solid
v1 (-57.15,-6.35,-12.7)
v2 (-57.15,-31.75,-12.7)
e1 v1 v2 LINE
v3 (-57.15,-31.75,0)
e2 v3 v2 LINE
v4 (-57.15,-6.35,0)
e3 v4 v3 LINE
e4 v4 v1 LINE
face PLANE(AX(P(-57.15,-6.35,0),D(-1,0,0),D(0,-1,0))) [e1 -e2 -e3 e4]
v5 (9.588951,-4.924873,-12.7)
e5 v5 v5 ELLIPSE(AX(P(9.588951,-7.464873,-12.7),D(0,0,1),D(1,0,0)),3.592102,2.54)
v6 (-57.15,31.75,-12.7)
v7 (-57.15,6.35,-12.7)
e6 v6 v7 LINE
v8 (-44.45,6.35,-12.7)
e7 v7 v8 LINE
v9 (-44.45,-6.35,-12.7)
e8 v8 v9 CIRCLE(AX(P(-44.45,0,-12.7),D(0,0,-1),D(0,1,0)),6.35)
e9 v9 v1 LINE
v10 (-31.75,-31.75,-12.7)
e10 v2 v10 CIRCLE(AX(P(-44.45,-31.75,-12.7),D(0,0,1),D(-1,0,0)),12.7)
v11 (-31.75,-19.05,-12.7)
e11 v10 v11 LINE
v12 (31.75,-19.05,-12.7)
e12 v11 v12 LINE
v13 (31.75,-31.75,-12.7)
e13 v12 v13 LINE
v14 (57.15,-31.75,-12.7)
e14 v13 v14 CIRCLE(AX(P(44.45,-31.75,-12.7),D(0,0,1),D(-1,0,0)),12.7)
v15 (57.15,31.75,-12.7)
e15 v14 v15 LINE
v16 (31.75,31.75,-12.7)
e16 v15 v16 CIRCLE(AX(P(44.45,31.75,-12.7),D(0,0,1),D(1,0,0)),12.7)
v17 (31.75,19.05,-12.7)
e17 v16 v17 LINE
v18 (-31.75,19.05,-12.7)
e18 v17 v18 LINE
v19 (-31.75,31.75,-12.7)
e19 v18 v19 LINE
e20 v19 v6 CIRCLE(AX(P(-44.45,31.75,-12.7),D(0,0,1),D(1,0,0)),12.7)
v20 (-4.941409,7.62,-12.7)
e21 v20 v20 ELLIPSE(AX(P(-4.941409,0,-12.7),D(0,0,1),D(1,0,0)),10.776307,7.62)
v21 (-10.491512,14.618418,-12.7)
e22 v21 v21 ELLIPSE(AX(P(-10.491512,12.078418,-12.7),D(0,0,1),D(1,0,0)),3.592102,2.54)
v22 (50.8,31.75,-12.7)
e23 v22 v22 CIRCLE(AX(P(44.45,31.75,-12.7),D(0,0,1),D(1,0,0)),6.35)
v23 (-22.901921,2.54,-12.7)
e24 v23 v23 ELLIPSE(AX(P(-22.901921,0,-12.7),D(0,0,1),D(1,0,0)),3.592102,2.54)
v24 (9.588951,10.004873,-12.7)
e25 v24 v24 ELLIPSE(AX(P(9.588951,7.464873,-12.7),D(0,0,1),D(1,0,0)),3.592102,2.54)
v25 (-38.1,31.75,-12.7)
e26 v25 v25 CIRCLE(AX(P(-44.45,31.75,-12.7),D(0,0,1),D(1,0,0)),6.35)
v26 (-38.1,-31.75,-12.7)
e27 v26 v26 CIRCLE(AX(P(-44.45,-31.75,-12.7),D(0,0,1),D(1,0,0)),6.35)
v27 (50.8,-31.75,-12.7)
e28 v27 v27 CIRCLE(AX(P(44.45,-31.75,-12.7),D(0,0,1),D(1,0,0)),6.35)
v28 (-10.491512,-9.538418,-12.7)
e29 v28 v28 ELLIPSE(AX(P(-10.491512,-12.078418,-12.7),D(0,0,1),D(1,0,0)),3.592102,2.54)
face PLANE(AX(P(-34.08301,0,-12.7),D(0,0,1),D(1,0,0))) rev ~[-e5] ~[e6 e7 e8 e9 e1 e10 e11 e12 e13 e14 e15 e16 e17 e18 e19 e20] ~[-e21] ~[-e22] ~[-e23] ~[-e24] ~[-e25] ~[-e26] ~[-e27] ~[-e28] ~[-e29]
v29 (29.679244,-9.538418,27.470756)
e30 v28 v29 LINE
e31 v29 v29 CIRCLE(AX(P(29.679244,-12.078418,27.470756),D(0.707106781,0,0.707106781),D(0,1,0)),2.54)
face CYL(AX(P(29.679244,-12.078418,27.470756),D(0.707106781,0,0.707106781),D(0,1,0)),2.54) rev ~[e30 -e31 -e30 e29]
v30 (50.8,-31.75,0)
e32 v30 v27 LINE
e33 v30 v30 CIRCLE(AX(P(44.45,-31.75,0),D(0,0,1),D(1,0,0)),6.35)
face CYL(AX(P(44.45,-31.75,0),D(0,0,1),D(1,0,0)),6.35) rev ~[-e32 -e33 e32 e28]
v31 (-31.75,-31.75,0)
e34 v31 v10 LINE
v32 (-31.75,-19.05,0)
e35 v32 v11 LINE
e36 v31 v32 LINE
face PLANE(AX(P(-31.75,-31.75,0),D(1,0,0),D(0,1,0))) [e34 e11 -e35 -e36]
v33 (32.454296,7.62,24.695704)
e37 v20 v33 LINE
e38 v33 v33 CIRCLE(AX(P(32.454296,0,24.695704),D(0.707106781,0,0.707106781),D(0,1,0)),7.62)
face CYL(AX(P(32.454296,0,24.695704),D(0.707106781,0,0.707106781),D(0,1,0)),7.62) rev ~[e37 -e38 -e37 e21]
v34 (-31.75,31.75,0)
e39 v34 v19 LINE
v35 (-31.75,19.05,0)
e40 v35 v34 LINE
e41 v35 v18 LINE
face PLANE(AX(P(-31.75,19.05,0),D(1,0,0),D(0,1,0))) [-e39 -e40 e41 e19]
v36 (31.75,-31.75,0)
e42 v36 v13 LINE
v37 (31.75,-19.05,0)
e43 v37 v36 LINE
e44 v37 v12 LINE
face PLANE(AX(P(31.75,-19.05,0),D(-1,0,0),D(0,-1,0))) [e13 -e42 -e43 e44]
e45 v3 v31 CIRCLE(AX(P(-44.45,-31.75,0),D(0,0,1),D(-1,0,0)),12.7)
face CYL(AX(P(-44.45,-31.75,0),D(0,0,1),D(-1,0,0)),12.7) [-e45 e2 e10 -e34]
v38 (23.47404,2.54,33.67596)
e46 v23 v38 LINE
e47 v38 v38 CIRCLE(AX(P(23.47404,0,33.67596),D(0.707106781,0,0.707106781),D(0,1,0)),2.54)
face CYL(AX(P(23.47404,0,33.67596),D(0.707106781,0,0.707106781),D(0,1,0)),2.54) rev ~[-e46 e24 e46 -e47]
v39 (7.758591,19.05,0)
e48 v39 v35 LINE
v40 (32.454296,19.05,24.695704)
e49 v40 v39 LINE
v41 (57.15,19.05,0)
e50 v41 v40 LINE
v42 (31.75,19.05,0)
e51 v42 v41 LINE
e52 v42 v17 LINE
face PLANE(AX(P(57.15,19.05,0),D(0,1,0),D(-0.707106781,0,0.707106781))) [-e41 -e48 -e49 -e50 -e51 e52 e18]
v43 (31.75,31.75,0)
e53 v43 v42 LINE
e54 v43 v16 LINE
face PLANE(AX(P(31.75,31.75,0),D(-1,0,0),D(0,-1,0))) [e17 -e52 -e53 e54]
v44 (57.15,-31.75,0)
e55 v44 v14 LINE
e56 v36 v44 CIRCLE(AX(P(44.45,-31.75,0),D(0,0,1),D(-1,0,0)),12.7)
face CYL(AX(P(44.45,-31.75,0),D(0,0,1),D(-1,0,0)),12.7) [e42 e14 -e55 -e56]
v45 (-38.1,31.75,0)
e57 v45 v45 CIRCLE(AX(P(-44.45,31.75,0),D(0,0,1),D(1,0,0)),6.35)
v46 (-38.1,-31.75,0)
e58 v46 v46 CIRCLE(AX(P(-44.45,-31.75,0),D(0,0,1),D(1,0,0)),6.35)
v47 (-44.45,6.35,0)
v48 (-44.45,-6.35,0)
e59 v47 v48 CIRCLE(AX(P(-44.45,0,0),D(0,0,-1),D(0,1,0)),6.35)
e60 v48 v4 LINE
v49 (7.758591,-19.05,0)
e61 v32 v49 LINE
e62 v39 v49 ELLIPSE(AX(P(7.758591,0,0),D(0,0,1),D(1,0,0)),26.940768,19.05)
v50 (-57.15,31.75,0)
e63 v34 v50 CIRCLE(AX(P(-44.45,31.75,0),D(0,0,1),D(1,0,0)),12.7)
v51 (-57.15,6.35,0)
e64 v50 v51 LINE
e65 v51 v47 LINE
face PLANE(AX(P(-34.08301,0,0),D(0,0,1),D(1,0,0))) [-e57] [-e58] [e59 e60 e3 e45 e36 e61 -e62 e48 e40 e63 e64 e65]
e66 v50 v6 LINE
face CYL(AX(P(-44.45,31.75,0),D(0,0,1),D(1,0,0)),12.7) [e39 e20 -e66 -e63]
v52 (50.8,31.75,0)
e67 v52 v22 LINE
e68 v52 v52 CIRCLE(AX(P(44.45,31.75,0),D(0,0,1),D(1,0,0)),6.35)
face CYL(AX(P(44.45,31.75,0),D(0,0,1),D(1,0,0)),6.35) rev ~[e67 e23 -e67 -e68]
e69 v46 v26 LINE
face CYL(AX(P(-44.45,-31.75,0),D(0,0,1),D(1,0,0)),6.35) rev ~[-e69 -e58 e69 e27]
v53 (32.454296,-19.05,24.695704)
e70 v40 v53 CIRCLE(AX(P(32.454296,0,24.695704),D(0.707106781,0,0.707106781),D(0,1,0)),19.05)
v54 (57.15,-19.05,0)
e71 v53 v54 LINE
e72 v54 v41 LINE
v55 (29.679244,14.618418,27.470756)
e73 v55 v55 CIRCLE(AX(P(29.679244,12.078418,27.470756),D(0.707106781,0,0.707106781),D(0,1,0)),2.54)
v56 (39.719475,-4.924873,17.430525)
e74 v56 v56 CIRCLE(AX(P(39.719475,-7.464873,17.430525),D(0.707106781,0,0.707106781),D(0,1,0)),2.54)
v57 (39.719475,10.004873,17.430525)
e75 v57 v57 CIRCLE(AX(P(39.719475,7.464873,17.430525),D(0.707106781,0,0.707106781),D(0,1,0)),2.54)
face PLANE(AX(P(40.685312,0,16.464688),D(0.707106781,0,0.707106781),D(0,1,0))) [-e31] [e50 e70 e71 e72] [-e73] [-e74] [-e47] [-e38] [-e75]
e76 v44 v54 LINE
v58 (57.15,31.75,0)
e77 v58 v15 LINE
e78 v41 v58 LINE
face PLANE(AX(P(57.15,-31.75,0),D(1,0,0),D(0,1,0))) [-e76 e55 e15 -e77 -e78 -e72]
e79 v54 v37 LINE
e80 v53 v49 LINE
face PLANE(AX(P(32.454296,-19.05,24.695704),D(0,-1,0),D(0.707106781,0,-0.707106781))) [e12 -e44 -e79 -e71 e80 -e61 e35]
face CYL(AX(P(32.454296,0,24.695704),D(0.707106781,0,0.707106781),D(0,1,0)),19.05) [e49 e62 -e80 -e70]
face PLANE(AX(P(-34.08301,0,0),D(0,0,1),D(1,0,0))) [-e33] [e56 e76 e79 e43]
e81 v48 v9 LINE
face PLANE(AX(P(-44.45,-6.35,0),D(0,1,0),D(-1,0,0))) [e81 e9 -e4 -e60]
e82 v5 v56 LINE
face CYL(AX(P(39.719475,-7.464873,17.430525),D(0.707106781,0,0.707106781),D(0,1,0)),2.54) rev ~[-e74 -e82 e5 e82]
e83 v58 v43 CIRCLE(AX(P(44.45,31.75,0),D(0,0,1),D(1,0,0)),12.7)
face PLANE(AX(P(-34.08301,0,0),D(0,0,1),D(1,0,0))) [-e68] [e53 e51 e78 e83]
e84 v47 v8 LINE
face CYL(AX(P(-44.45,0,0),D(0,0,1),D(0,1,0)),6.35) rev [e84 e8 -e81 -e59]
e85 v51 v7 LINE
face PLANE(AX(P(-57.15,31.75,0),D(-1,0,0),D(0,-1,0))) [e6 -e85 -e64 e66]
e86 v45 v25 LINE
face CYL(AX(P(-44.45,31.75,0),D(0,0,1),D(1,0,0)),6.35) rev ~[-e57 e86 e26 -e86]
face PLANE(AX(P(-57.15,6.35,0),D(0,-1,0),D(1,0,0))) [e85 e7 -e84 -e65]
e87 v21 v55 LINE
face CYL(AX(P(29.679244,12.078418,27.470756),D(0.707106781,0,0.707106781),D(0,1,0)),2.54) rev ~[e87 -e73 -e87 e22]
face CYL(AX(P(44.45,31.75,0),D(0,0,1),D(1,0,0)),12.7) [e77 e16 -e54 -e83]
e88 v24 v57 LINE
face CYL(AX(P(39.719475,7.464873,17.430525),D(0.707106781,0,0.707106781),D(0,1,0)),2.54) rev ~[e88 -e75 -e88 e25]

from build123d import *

# Parameters (mm, degrees)
F0_R     = 6.35
F1_DEPTH = 12.7
F3_R     = 2.54
F3_R_2   = 7.62
F5_DEPTH = 89.8035612107


with BuildPart() as f1:
    # F0 (on Top) → F1 (new body)
    with BuildSketch(Plane.XY):
        with BuildLine():
            Line((-31.75, -19.05), (0, -19.05))
            Line((0, -19.05), (0, 19.05))
            Line((0, 19.05), (-31.75, 19.05))
            Line((-31.75, 19.05), (-31.75, 31.75))
            ThreePointArc((-31.75, 31.75), (-44.45, 44.45), (-57.15, 31.75))
            Line((-57.15, 31.75), (-57.15, 6.35))
            Line((-57.15, 6.35), (-44.45, 6.35))
            ThreePointArc((-44.45, 6.35), (-38.1, 0), (-44.45, -6.35))
            Line((-44.45, -6.35), (-57.15, -6.35))
            Line((-57.15, -6.35), (-57.15, -31.75))
            ThreePointArc((-57.15, -31.75), (-44.45, -44.45), (-31.75, -31.75))
            Line((-31.75, -31.75), (-31.75, -19.05))
        make_face()
        with Locations((-44.45, -31.75)):
            Circle(F0_R, mode=Mode.SUBTRACT)
        with Locations((-44.45, 31.75)):
            Circle(F0_R, mode=Mode.SUBTRACT)
        with BuildLine():
            Line((0, 19.05), (0, -19.05))
            Line((0, -19.05), (31.75, -19.05))
            Line((31.75, -19.05), (31.75, -31.75))
            ThreePointArc((31.75, -31.75), (44.45, -44.45), (57.15, -31.75))
            Line((57.15, -31.75), (57.15, 31.75))
            ThreePointArc((57.15, 31.75), (44.45, 44.45), (31.75, 31.75))
            Line((31.75, 31.75), (31.75, 19.05))
            Line((31.75, 19.05), (0, 19.05))
        make_face()
        with Locations((44.45, -31.75)):
            Circle(F0_R, mode=Mode.SUBTRACT)
        with Locations((44.45, 31.75)):
            Circle(F0_R, mode=Mode.SUBTRACT)
    extrude(amount=-F1_DEPTH)

    # F3 (on face) → F4 (join, up to the next surface of F1)
    with BuildSketch(Plane(origin=(28.575, 0, 28.575), x_dir=(0, 1, 0), z_dir=(0.7071067812, 0, 0.7071067812))):
        with BuildLine():
            Line((-19.05, -40.4111525448), (0, -40.4111525448))
            Line((0, -40.4111525448), (19.05, -40.4111525448))
            Line((19.05, -40.4111525448), (19.05, -5.4861525448))
            ThreePointArc((19.05, -5.4861525448), (0, 13.5638474552), (-19.05, -5.4861525448))
            Line((-19.05, -5.4861525448), (-19.05, -40.4111525448))
        make_face()
        with Locations((-7.4648727041, -15.7606683734)):
            Circle(F3_R, mode=Mode.SUBTRACT)
        with Locations((7.4648727041, -15.7606683734)):
            Circle(F3_R, mode=Mode.SUBTRACT)
        with Locations((-12.0784177569, -1.5616367162)):
            Circle(F3_R, mode=Mode.SUBTRACT)
        with Locations((0, -5.4861525448)):
            Circle(F3_R_2, mode=Mode.SUBTRACT)
        with Locations((12.0784177569, -1.5616367162)):
            Circle(F3_R, mode=Mode.SUBTRACT)
        with Locations((0, 7.2138474552)):
            Circle(F3_R, mode=Mode.SUBTRACT)
    extrude(until=Until.NEXT, dir=(-0.7071067812, 0, -0.7071067812))

    # F3 (on face) → F5 (cut, through all)
    with BuildSketch(Plane(origin=(28.575, 0, 28.575), x_dir=(0, 1, 0), z_dir=(0.7071067812, 0, 0.7071067812))):
        with Locations((0, 7.2138474552)):
            Circle(F3_R)
        with Locations((12.0784177569, -1.5616367162)):
            Circle(F3_R)
        with Locations((7.4648727041, -15.7606683734)):
            Circle(F3_R)
        with Locations((-7.4648727041, -15.7606683734)):
            Circle(F3_R)
        with Locations((-12.0784177569, -1.5616367162)):
            Circle(F3_R)
        with Locations((0, -5.4861525448)):
            Circle(F3_R_2)
    extrude(amount=-F5_DEPTH, mode=Mode.SUBTRACT)


solid = f1.part
